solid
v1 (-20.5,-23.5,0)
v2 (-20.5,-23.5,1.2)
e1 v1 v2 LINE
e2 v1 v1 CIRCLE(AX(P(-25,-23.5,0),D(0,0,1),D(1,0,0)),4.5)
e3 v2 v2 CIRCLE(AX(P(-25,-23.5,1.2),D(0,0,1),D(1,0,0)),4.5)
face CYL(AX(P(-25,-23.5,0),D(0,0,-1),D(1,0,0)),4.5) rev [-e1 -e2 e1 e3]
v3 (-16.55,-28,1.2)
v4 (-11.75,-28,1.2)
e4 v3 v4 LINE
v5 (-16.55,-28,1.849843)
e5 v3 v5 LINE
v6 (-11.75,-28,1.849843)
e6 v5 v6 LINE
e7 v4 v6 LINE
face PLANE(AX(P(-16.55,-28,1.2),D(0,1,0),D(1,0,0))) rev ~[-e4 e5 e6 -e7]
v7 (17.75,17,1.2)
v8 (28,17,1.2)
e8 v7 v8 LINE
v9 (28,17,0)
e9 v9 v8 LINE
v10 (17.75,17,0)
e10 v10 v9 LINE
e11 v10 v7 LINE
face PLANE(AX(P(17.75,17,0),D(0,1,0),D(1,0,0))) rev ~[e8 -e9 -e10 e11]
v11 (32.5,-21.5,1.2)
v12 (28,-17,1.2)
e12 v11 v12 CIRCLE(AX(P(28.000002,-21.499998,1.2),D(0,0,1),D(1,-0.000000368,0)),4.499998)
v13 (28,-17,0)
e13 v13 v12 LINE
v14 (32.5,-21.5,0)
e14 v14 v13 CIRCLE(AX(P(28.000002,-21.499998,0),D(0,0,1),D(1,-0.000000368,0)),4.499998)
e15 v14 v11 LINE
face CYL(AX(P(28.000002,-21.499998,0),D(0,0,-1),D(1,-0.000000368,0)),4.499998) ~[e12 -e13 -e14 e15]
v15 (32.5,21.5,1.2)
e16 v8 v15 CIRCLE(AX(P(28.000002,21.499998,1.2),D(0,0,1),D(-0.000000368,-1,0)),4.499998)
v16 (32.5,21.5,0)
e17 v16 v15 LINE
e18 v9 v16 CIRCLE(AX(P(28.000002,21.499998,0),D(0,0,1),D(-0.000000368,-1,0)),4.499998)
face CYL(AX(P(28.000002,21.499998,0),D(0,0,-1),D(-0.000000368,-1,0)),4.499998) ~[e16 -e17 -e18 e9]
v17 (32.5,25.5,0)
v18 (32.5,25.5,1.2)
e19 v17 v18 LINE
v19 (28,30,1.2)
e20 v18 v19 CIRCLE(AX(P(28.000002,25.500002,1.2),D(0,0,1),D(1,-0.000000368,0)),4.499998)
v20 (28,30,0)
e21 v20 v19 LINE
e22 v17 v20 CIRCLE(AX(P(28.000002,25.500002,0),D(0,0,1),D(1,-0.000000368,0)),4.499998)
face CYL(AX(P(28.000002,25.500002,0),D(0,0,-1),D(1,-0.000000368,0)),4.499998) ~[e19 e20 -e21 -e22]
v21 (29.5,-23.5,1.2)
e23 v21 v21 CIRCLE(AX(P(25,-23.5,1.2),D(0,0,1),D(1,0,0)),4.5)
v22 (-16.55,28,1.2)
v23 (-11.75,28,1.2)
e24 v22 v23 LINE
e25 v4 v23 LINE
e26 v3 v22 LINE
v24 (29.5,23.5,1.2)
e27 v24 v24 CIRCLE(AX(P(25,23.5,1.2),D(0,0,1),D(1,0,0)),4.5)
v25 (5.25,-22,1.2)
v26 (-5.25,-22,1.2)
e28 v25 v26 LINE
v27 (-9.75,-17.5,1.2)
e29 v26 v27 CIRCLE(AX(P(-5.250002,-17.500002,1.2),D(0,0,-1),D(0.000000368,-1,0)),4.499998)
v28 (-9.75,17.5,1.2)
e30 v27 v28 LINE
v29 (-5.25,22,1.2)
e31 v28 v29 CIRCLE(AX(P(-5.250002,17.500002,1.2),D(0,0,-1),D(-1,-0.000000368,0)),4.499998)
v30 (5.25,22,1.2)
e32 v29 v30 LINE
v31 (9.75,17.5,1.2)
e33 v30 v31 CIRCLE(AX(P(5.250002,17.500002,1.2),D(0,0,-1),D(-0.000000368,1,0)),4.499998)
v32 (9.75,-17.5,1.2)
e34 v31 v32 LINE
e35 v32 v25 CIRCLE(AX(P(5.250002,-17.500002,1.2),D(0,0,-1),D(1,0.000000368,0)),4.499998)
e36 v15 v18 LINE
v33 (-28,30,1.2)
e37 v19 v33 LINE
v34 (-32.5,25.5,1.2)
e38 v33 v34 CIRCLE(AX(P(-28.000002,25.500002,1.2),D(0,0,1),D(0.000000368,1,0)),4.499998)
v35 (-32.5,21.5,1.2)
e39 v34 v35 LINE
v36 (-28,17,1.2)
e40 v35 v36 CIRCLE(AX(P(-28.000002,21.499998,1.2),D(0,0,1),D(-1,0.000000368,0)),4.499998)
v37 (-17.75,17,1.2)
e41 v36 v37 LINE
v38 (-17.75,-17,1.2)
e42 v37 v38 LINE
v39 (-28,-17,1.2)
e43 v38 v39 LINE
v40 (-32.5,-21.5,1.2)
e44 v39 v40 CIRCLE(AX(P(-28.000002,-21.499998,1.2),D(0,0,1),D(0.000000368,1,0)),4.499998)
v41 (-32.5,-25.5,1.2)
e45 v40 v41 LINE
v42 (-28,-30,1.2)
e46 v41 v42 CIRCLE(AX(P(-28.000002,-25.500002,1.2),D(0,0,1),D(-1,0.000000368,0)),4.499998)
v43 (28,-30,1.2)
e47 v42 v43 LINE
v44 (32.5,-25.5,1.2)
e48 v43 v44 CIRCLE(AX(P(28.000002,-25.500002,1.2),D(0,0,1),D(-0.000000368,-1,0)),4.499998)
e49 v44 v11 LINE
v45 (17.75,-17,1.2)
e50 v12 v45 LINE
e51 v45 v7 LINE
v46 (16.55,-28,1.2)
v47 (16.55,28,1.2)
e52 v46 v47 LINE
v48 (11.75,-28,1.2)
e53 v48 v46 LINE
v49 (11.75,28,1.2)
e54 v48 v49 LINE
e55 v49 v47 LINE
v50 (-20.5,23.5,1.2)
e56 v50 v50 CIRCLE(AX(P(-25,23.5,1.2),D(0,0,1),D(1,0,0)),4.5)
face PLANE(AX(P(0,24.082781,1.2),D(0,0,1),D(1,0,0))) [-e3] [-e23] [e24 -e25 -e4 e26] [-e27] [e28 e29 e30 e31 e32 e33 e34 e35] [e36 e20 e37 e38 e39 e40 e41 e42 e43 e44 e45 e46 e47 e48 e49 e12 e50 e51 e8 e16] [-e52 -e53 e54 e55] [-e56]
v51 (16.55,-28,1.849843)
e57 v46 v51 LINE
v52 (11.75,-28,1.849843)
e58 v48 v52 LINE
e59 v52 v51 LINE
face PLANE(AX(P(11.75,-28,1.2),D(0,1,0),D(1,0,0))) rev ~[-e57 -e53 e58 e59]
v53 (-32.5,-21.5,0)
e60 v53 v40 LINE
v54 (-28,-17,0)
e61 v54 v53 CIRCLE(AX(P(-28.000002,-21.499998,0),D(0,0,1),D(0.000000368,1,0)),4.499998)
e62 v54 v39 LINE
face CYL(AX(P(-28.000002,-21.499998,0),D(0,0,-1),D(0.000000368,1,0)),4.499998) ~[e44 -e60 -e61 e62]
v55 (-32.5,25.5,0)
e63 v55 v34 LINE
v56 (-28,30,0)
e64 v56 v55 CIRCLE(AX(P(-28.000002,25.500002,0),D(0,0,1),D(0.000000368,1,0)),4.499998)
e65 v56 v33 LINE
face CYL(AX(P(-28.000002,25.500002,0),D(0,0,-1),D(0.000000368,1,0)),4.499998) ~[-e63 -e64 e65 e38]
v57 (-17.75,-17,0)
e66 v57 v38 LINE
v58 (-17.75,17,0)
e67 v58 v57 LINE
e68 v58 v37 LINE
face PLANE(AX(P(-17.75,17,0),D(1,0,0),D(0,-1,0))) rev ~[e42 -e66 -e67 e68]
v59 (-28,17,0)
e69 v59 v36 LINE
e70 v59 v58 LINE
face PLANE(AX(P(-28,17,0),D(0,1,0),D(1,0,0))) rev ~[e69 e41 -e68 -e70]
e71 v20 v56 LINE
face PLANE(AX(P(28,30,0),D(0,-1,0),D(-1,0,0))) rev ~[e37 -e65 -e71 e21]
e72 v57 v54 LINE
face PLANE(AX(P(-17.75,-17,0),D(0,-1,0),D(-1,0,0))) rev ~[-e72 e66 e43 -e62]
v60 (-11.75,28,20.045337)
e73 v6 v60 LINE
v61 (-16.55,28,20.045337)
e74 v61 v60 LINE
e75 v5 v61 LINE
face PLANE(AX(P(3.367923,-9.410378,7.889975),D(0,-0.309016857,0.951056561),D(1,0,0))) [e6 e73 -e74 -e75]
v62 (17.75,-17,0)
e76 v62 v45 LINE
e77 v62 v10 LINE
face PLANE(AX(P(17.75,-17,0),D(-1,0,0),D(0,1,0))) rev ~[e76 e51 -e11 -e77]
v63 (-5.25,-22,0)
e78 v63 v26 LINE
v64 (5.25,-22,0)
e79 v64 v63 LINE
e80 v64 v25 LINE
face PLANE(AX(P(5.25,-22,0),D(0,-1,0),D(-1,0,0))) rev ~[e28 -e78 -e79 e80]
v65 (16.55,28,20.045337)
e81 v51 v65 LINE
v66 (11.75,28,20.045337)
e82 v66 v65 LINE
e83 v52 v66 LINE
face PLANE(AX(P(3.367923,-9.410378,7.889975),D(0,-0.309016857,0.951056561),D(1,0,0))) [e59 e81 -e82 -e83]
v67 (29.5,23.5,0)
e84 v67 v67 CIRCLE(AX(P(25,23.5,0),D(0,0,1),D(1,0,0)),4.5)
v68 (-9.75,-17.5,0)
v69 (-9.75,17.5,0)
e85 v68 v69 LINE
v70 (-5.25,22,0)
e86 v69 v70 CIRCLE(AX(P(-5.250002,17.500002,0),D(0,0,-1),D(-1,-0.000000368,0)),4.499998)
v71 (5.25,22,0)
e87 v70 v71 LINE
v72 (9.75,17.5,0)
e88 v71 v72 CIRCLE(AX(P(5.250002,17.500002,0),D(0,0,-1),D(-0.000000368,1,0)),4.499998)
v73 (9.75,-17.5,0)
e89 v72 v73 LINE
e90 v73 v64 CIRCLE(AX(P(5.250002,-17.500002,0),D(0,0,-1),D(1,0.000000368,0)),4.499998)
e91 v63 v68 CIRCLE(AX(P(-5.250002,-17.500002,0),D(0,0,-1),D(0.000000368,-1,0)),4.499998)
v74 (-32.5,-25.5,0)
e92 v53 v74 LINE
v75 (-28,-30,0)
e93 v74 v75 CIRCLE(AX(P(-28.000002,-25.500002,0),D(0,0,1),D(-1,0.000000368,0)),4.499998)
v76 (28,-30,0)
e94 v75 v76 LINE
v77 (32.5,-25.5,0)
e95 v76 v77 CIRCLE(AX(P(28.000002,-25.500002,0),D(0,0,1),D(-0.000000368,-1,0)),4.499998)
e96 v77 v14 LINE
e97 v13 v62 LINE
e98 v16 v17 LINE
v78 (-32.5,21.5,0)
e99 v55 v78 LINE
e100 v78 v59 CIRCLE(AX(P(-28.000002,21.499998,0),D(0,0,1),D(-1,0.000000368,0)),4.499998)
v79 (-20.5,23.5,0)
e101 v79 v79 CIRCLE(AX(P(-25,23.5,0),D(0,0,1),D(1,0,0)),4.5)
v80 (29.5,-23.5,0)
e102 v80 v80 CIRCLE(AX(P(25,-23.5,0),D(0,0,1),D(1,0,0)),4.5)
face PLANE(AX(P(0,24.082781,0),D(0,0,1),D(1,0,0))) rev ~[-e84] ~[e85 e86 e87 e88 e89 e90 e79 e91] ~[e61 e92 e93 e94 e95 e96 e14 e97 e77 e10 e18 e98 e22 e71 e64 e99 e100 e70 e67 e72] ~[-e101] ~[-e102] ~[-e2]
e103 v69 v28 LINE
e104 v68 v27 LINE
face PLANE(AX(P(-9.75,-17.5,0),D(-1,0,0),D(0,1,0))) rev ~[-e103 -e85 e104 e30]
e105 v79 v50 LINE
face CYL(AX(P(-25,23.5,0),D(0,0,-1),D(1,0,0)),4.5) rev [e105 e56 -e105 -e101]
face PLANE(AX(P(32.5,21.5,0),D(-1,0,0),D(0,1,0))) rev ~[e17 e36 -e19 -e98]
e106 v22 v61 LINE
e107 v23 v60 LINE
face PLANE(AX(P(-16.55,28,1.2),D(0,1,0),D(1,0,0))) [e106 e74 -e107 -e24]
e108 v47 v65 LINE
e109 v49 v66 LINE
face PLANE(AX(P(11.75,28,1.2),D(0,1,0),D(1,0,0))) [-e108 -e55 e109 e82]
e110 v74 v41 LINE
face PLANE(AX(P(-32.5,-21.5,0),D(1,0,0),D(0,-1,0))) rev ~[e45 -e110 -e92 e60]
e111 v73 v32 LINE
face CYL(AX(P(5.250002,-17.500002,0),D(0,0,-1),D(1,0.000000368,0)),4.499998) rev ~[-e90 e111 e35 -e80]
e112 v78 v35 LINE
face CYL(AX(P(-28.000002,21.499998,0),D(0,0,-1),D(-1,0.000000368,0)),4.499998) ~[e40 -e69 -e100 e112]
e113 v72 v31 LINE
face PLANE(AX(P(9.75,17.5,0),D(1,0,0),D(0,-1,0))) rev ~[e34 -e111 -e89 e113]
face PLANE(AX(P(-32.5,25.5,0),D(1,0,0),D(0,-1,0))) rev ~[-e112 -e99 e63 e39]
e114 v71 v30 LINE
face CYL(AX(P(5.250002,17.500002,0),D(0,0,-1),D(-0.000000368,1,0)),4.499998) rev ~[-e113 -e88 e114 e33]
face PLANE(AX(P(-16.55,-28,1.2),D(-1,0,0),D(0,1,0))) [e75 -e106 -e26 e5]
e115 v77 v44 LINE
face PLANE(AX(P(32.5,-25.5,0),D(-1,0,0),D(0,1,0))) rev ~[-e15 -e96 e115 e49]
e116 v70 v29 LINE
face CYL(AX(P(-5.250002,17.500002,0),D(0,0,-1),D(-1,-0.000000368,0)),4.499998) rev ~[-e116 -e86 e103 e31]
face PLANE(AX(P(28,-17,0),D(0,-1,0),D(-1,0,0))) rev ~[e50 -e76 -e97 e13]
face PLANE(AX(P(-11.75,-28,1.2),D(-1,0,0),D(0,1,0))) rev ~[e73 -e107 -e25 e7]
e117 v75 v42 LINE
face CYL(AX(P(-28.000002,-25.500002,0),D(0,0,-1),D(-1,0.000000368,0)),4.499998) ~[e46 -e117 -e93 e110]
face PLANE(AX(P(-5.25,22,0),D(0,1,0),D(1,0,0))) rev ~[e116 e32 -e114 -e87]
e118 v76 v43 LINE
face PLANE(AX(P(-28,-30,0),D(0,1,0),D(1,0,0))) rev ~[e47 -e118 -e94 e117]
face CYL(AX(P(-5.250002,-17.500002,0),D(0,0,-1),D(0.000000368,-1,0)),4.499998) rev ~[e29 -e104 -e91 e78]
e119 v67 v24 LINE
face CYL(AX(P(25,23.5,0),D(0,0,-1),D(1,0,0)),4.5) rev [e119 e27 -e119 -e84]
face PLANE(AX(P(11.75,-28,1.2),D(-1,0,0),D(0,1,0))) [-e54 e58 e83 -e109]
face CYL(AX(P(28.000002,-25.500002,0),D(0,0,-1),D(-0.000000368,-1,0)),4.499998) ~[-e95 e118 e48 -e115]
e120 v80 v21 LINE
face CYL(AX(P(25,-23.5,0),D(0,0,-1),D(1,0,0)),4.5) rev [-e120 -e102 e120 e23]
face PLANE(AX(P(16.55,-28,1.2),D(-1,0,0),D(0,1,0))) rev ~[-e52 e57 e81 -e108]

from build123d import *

# Parameters (mm, degrees)
F0_R     = 4.5
F0_W     = 8
F0_H     = 34
F1_DEPTH = 1.2
F2_W     = 4.8
F2_H     = 56
F3_DEPTH = 25
F5_W     = 101.632081
F5_H     = 108.945377
F6_DEPTH = 50


with BuildPart() as f1:
    # F0 (on Top) → F1 (new body)
    with BuildSketch(Plane.XY):
        with BuildLine():
            Line((17.75, 17), (17.75, 30))
            Line((17.75, 30), (-17.75, 30))
            Line((-17.75, 30), (-17.75, 17))
            Line((-17.75, 17), (-9.75, 17))
            Line((-9.75, 17), (-9.75, 17.5))
            ThreePointArc((-9.75, 17.5), (-8.431981, 20.681981), (-5.25, 22))
            Line((-5.25, 22), (5.25, 22))
            ThreePointArc((5.25, 22), (8.431981, 20.681981), (9.75, 17.5))
            Line((9.75, 17.5), (9.75, 17))
            Line((9.75, 17), (17.75, 17))
        make_face()
        with BuildLine():
            Line((28, 30), (17.75, 30))
            Line((17.75, 30), (17.75, 17))
            Line((17.75, 17), (28, 17))
            ThreePointArc((28, 17), (31.181981, 18.318019), (32.5, 21.5))
            Line((32.5, 21.5), (32.5, 25.5))
            ThreePointArc((32.5, 25.5), (31.181981, 28.681981), (28, 30))
        make_face()
        with Locations((25, 23.5)):
            Circle(F0_R, mode=Mode.SUBTRACT)
        with BuildLine():
            Line((-17.75, 17), (-17.75, 30))
            Line((-17.75, 30), (-28, 30))
            ThreePointArc((-28, 30), (-31.181981, 28.681981), (-32.5, 25.5))
            Line((-32.5, 25.5), (-32.5, 21.5))
            ThreePointArc((-32.5, 21.5), (-31.181981, 18.318019), (-28, 17))
            Line((-28, 17), (-17.75, 17))
        make_face()
        with Locations((-25, 23.5)):
            Circle(F0_R, mode=Mode.SUBTRACT)
        with Locations((13.75, 0)):
            Rectangle(F0_W, F0_H)
        with Locations((-13.75, 0)):
            Rectangle(F0_W, F0_H)
        with BuildLine():
            Line((28, -17), (17.75, -17))
            Line((17.75, -17), (17.75, -30))
            Line((17.75, -30), (28, -30))
            ThreePointArc((28, -30), (31.181981, -28.681981), (32.5, -25.5))
            Line((32.5, -25.5), (32.5, -21.5))
            ThreePointArc((32.5, -21.5), (31.181981, -18.318019), (28, -17))
        make_face()
        with Locations((25, -23.5)):
            Circle(F0_R, mode=Mode.SUBTRACT)
        with BuildLine():
            Line((17.75, -30), (17.75, -17))
            Line((17.75, -17), (9.75, -17))
            Line((9.75, -17), (9.75, -17.5))
            ThreePointArc((9.75, -17.5), (8.431981, -20.681981), (5.25, -22))
            Line((5.25, -22), (-5.25, -22))
            ThreePointArc((-5.25, -22), (-8.431981, -20.681981), (-9.75, -17.5))
            Line((-9.75, -17.5), (-9.75, -17))
            Line((-9.75, -17), (-17.75, -17))
            Line((-17.75, -17), (-17.75, -30))
            Line((-17.75, -30), (17.75, -30))
        make_face()
        with BuildLine():
            Line((-17.75, -30), (-17.75, -17))
            Line((-17.75, -17), (-28, -17))
            ThreePointArc((-28, -17), (-31.181981, -18.318019), (-32.5, -21.5))
            Line((-32.5, -21.5), (-32.5, -25.5))
            ThreePointArc((-32.5, -25.5), (-31.181981, -28.681981), (-28, -30))
            Line((-28, -30), (-17.75, -30))
        make_face()
        with Locations((-25, -23.5)):
            Circle(F0_R, mode=Mode.SUBTRACT)
    extrude(amount=F1_DEPTH)

    # F2 (on face) → F3 (join)
    with BuildSketch(Plane.XY.offset(1.2)):
        with Locations((14.15, 0)):
            Rectangle(F2_W, F2_H)
        with Locations((-14.15, 0)):
            Rectangle(F2_W, F2_H)
    extrude(amount=F3_DEPTH)

    # F5 (on face) → F6 (cut)
    with BuildSketch(Plane(origin=(0, -3.217416, 9.902189), x_dir=(1, 0, 0), z_dir=(0, -0.309017, 0.951057))):
        with Locations((3.367923, -6.511665)):
            Rectangle(F5_W, F5_H)
    extrude(amount=F6_DEPTH, mode=Mode.SUBTRACT)


solid = f1.part
